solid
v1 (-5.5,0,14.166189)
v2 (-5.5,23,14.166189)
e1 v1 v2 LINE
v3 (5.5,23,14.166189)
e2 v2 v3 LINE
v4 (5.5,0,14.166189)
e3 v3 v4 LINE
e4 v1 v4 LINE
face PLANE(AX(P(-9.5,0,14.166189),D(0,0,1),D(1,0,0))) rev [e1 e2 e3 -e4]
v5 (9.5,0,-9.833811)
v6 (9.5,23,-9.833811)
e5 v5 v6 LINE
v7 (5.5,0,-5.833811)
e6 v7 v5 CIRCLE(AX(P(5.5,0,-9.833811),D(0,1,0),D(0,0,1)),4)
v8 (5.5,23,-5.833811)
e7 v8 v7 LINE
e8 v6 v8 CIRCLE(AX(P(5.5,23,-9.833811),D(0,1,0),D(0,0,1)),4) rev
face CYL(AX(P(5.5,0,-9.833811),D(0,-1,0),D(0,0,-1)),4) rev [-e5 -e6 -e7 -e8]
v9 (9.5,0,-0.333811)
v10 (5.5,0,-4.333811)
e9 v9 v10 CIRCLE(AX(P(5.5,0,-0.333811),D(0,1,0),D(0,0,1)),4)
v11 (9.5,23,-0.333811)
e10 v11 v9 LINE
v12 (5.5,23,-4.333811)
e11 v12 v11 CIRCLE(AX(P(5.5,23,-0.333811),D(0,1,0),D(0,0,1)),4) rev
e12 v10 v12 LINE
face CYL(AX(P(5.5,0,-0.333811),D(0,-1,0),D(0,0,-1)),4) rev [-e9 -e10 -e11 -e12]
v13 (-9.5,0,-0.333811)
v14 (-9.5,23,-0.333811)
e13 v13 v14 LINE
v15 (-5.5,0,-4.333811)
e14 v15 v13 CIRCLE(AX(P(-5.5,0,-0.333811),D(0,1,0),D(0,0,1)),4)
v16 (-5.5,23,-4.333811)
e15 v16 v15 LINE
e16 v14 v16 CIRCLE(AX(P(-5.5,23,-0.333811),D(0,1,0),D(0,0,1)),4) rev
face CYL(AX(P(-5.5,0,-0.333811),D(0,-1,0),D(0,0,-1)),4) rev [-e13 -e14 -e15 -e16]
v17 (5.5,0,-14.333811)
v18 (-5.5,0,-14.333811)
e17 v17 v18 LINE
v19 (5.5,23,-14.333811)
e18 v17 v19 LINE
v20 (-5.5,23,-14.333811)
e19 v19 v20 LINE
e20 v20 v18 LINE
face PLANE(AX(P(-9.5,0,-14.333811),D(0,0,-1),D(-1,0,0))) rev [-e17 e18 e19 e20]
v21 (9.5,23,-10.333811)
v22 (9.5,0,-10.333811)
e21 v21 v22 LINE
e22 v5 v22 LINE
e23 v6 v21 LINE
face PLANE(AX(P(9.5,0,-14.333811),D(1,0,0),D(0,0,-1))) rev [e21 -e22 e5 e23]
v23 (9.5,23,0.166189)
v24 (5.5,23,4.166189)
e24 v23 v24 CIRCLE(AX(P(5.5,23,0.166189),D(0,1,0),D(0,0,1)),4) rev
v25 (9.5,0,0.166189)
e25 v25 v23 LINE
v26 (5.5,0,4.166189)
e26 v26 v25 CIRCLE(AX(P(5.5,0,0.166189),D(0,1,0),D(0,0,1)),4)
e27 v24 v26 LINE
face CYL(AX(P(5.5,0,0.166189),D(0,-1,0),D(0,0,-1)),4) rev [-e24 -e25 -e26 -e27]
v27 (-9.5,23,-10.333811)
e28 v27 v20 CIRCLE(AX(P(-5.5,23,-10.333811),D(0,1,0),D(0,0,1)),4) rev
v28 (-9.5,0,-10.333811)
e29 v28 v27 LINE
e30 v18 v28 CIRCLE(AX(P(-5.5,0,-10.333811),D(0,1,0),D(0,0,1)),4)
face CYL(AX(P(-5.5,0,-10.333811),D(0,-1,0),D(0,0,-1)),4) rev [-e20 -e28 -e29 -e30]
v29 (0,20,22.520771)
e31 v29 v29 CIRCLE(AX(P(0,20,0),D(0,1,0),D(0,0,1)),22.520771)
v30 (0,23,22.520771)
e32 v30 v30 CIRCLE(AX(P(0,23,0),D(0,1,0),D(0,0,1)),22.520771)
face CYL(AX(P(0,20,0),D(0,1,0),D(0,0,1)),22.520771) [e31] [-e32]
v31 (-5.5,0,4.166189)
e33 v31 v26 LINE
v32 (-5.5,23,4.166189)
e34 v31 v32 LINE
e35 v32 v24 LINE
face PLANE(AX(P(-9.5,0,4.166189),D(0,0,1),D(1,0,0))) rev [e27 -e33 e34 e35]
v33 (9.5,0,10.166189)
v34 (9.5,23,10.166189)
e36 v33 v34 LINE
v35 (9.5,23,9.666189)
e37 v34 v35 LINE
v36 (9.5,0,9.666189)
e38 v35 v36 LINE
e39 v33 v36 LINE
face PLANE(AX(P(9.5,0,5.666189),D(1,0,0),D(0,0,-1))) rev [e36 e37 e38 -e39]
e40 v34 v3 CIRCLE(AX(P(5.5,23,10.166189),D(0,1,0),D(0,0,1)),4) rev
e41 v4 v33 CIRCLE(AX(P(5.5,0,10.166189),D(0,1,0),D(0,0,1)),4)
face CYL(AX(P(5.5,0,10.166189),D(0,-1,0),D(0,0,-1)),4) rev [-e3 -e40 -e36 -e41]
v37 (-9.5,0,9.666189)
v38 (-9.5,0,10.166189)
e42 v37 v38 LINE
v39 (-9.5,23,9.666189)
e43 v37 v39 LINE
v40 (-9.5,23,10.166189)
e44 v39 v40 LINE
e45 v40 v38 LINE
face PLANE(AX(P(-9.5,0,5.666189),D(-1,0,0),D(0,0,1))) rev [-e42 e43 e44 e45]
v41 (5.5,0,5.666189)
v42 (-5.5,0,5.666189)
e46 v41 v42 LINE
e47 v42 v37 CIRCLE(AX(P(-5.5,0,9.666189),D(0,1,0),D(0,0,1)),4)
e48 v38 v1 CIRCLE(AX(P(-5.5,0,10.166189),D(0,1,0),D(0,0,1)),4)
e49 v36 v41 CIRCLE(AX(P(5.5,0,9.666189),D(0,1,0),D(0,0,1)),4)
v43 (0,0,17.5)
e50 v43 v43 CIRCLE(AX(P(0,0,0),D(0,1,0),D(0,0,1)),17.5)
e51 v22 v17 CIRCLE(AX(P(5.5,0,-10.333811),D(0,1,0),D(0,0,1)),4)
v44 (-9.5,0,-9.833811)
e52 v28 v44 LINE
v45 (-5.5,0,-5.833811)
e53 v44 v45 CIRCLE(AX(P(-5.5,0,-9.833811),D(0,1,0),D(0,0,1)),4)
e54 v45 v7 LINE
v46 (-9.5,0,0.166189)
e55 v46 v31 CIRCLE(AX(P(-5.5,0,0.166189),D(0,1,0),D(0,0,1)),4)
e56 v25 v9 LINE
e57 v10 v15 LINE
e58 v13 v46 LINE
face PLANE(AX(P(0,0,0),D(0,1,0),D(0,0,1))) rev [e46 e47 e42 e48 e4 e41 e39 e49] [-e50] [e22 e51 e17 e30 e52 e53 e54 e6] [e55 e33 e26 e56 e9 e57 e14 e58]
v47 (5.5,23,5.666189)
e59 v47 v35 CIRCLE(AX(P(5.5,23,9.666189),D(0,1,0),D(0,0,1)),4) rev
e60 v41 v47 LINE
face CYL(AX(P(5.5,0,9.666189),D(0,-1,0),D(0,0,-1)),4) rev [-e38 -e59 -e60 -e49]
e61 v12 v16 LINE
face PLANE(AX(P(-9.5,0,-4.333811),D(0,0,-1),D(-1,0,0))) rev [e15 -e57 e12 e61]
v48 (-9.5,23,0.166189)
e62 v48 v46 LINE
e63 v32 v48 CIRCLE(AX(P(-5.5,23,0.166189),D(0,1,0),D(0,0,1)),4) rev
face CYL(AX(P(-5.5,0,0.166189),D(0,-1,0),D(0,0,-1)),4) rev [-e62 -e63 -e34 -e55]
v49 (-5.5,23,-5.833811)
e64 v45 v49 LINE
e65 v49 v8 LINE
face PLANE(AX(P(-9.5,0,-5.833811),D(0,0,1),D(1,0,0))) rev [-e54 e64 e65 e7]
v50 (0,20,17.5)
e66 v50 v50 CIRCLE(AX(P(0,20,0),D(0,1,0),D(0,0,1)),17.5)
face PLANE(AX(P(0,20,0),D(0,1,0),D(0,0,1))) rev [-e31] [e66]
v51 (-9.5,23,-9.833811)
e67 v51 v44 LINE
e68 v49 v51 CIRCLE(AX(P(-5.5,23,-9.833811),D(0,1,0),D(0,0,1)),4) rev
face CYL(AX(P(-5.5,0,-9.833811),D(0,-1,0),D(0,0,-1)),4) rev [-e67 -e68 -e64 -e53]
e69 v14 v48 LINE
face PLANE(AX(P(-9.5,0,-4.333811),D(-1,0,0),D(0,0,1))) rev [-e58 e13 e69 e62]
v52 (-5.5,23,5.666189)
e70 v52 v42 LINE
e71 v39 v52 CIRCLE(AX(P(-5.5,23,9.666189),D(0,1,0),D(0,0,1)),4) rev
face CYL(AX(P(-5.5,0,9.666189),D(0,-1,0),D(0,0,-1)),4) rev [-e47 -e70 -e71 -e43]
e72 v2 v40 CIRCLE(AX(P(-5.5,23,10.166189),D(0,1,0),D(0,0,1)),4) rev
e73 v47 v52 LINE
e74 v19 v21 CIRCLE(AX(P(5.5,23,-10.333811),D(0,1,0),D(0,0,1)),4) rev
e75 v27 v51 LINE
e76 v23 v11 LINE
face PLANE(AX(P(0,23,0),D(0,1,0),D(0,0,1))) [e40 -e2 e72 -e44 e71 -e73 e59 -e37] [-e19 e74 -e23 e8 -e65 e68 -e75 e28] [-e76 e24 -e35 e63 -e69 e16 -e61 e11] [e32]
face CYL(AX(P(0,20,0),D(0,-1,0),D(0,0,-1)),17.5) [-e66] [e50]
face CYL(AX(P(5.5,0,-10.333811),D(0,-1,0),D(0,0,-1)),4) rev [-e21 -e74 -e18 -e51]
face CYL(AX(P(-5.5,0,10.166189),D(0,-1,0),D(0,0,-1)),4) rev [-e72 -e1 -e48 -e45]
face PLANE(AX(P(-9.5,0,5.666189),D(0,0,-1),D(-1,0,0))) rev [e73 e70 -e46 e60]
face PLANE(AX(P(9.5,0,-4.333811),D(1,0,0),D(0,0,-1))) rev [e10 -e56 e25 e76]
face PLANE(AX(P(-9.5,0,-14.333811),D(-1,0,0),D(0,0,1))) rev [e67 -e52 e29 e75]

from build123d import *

# Parameters (mm, degrees)
SKETCH1_R           = 17.5
BOSS_EXTRUDE1_DEPTH = 20
SKETCH2_R           = 21.5
BOSS_EXTRUDE2_DEPTH = 3
SKETCH3_W           = 19
SKETCH3_H           = 8.5
CUT_EXTRUDE3_DEPTH  = 23
FILLET11_R          = 4
FILLET12_R          = 4
BOSS_EXTRUDE4_START = -3
SKETCH6_R           = 22.520770935
SKETCH6_R_2         = 21.5
BOSS_EXTRUDE4_DEPTH = 3


with BuildPart() as part:
    # Sketch1 → Boss-Extrude1 (new body)
    with BuildSketch(Plane(origin=(0, 0, 0), x_dir=(1, 0, 0), z_dir=(0, 1, 0))):
        with Locations(Location((0, 0, 0), (0, 0, 270))):
            Circle(SKETCH1_R)
    extrude(amount=BOSS_EXTRUDE1_DEPTH)

    # Sketch2 → Boss-Extrude2 (add)
    with BuildSketch(Plane(origin=(0, 20, 0), x_dir=(1, 0, 0), z_dir=(0, 1, 0))):
        with Locations(Location((0, 0, 0), (0, 0, 270))):
            Circle(SKETCH2_R)
    extrude(amount=BOSS_EXTRUDE2_DEPTH)

    # Sketch3 → Cut-Extrude3 (cut)
    with BuildSketch(Plane(origin=(0, 23, 0), x_dir=(1, 0, 0), z_dir=(0, 1, 0))):
        with Locations((0, 0.083811037)):
            Rectangle(SKETCH3_W, SKETCH3_H)
        with Locations((0, 10.083811037)):
            Rectangle(SKETCH3_W, SKETCH3_H)
        with Locations((0, -9.916188963)):
            Rectangle(SKETCH3_W, SKETCH3_H)
    extrude(amount=-CUT_EXTRUDE3_DEPTH, mode=Mode.SUBTRACT)

    # Fillet11
    fillet11_edges = [part.edges().sort_by_distance(p)[0] for p in [
        (9.5, 11.5, 4.166188963),
        (-9.5, 11.5, 4.166188963),
        (-9.5, 11.5, -4.333811037),
        (9.5, 11.5, -4.333811037),
        (9.5, 11.5, 14.166188963),
        (-9.5, 11.5, 14.166188963),
        (-9.5, 11.5, 5.666188963),
        (9.5, 11.5, 5.666188963),
    ]]
    fillet(fillet11_edges, radius=FILLET11_R)

    # Fillet12
    fillet12_edges = [part.edges().sort_by_distance(p)[0] for p in [
        (9.5, 11.5, -14.333811037),
        (9.5, 11.5, -5.833811037),
        (-9.5, 11.5, -5.833811037),
        (-9.5, 11.5, -14.333811037),
    ]]
    fillet(fillet12_edges, radius=FILLET12_R)

    # Sketch6 → Boss-Extrude4 (add)
    with BuildSketch(Plane(origin=(0, 23, 0), x_dir=(1, 0, 0), z_dir=(0, 1, 0)).offset(BOSS_EXTRUDE4_START)):
        with Locations(Location((0, 0, 0), (0, 0, 270))):
            Circle(SKETCH6_R)
        Circle(SKETCH6_R_2, mode=Mode.SUBTRACT)
    extrude(amount=BOSS_EXTRUDE4_DEPTH)


solid = part.part
